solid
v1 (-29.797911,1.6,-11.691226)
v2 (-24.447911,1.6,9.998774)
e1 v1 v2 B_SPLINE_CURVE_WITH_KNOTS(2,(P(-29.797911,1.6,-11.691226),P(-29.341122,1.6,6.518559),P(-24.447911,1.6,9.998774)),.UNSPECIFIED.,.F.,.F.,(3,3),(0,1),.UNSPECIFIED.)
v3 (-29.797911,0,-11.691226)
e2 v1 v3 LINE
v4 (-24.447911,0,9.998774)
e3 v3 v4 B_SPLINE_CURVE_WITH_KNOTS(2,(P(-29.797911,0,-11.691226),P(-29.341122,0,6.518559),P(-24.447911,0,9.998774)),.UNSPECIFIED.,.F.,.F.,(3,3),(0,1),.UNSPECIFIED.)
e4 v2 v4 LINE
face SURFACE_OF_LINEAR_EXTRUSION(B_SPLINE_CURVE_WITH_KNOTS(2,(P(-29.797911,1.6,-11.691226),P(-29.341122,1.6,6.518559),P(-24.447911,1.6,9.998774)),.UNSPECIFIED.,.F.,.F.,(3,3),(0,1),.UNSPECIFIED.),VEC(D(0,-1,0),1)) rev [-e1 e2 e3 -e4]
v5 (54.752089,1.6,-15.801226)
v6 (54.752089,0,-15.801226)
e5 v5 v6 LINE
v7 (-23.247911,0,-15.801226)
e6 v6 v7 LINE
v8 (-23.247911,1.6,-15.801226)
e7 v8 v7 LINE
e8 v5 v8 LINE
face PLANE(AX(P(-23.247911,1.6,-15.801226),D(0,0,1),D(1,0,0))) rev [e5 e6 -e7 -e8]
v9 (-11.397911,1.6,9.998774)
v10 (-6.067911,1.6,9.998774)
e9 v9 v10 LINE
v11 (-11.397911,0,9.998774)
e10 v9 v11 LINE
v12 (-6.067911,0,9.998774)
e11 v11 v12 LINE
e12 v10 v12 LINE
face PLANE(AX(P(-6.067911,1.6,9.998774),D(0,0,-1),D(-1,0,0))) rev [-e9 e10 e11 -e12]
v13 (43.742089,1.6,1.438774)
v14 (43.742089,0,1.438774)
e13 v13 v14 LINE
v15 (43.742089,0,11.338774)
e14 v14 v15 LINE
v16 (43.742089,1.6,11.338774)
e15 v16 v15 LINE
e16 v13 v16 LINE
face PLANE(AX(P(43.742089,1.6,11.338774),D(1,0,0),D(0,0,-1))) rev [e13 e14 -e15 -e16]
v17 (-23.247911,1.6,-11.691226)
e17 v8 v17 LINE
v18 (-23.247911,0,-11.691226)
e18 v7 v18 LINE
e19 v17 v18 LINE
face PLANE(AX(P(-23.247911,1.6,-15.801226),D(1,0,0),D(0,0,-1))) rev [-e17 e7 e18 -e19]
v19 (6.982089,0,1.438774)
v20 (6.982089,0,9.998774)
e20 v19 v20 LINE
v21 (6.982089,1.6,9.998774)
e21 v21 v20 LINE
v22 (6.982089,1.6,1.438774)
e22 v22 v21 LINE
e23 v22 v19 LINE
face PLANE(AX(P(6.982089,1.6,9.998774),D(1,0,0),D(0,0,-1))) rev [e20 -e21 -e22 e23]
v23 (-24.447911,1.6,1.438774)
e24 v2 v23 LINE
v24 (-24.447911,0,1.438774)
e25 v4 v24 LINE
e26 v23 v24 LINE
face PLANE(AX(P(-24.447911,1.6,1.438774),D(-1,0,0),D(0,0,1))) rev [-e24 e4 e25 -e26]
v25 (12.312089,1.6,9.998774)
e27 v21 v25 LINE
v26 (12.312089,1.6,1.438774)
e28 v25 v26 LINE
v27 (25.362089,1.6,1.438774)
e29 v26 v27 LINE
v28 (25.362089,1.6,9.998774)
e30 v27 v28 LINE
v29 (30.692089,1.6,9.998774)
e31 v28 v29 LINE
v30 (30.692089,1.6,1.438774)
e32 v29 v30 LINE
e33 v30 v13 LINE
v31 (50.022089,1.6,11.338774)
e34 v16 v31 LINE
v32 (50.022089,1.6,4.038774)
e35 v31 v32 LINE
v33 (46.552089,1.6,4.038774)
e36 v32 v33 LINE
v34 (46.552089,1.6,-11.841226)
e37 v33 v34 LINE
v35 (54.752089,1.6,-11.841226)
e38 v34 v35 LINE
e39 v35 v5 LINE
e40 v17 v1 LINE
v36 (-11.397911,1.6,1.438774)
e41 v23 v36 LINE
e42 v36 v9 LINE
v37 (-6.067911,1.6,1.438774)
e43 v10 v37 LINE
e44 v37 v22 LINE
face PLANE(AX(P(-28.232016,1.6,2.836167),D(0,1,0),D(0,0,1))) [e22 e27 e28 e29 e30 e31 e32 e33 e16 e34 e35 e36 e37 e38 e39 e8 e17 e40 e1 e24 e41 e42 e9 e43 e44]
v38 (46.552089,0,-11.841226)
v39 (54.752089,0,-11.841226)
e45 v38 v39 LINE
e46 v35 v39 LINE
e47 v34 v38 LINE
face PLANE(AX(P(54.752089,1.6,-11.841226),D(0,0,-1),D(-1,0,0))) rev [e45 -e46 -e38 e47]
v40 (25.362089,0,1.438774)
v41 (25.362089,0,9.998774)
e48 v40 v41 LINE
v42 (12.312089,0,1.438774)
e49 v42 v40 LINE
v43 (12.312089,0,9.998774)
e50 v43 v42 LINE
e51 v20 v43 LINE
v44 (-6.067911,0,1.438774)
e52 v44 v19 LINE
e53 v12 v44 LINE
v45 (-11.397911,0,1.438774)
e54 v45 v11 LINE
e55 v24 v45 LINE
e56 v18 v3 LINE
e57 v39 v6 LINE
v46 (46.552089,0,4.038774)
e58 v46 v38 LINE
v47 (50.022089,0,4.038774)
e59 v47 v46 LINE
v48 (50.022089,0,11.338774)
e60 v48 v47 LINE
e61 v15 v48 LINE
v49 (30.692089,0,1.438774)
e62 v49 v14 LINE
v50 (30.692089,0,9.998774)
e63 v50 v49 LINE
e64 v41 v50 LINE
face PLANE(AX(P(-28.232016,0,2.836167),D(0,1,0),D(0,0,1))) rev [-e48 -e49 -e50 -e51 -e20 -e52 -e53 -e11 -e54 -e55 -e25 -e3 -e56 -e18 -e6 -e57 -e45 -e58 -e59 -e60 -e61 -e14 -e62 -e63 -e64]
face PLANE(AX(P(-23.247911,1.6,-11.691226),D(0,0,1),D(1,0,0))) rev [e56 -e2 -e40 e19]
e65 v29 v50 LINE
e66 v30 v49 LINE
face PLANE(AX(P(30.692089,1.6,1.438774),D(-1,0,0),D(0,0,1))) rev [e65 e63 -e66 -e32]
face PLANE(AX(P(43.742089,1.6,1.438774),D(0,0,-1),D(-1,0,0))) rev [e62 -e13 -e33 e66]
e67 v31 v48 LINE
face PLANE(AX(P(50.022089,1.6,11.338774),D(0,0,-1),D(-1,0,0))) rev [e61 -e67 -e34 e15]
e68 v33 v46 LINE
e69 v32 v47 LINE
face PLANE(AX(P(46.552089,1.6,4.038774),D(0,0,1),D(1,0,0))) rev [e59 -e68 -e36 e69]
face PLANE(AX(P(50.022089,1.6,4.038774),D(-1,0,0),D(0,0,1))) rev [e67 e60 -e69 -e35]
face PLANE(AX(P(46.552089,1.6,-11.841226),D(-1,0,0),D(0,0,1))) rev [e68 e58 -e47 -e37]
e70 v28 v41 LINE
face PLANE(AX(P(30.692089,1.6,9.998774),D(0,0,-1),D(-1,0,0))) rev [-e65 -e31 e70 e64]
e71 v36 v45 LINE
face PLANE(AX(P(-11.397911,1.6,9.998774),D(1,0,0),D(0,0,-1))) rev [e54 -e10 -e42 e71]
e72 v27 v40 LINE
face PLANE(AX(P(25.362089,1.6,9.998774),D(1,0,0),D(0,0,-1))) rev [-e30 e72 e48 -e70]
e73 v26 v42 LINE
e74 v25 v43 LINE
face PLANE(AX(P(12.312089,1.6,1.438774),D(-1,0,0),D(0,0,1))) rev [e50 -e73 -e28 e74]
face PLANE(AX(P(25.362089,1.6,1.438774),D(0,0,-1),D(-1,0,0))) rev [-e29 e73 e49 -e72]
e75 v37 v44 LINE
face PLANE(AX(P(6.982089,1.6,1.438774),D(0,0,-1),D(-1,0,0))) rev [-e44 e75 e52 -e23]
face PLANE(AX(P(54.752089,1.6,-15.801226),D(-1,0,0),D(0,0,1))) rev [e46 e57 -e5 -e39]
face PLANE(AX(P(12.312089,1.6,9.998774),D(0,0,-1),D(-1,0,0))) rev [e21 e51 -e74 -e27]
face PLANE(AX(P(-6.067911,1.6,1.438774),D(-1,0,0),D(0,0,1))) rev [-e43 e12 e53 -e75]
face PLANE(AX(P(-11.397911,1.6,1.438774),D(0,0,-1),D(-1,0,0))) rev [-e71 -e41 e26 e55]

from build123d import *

# Parameters (mm, degrees)
BOSS_EXTRUDE1_DEPTH = 1.6


with BuildPart() as part:
    # Sketch1 → Boss-Extrude1 (new body)
    with BuildSketch(Plane(origin=(0, 0, 0), x_dir=(1, 0, 0), z_dir=(0, 1, 0))):
        with BuildLine():
            Line((-23.247910864, 15.801225627), (54.752089136, 15.801225627))
            Line((54.752089136, 15.801225627), (54.752089136, 11.841225627))
            Line((54.752089136, 11.841225627), (46.552089136, 11.841225627))
            Line((46.552089136, 11.841225627), (46.552089136, -4.038774373))
            Line((46.552089136, -4.038774373), (50.022089136, -4.038774373))
            Line((50.022089136, -4.038774373), (50.022089136, -11.338774373))
            Line((50.022089136, -11.338774373), (43.742089136, -11.338774373))
            Line((43.742089136, -11.338774373), (43.742089136, -1.438774373))
            Line((43.742089136, -1.438774373), (30.692089136, -1.438774373))
            Line((30.692089136, -1.438774373), (30.692089136, -9.998774373))
            Line((30.692089136, -9.998774373), (25.362089136, -9.998774373))
            Line((25.362089136, -9.998774373), (25.362089136, -1.438774373))
            Line((25.362089136, -1.438774373), (12.312089136, -1.438774373))
            Line((12.312089136, -1.438774373), (12.312089136, -9.998774373))
            Line((12.312089136, -9.998774373), (6.982089136, -9.998774373))
            Line((6.982089136, -9.998774373), (6.982089136, -1.438774373))
            Line((6.982089136, -1.438774373), (-6.067910864, -1.438774373))
            Line((-6.067910864, -1.438774373), (-6.067910864, -9.998774373))
            Line((-6.067910864, -9.998774373), (-11.397910864, -9.998774373))
            Line((-11.397910864, -9.998774373), (-11.397910864, -1.438774373))
            Line((-11.397910864, -1.438774373), (-24.447910864, -1.438774373))
            Line((-24.447910864, -1.438774373), (-24.447910864, -9.998774373))
            add(Edge.make_bspline(
                [(-24.447910864, -9.998774373), (-29.341121858, -6.518559079), (-29.797910864, 11.691225627)],
                knots=[0, 0, 0, 1, 1, 1], degree=2))
            Line((-29.797910864, 11.691225627), (-23.247910864, 11.691225627))
            Line((-23.247910864, 11.691225627), (-23.247910864, 15.801225627))
        make_face()
    extrude(amount=BOSS_EXTRUDE1_DEPTH)


solid = part.part
